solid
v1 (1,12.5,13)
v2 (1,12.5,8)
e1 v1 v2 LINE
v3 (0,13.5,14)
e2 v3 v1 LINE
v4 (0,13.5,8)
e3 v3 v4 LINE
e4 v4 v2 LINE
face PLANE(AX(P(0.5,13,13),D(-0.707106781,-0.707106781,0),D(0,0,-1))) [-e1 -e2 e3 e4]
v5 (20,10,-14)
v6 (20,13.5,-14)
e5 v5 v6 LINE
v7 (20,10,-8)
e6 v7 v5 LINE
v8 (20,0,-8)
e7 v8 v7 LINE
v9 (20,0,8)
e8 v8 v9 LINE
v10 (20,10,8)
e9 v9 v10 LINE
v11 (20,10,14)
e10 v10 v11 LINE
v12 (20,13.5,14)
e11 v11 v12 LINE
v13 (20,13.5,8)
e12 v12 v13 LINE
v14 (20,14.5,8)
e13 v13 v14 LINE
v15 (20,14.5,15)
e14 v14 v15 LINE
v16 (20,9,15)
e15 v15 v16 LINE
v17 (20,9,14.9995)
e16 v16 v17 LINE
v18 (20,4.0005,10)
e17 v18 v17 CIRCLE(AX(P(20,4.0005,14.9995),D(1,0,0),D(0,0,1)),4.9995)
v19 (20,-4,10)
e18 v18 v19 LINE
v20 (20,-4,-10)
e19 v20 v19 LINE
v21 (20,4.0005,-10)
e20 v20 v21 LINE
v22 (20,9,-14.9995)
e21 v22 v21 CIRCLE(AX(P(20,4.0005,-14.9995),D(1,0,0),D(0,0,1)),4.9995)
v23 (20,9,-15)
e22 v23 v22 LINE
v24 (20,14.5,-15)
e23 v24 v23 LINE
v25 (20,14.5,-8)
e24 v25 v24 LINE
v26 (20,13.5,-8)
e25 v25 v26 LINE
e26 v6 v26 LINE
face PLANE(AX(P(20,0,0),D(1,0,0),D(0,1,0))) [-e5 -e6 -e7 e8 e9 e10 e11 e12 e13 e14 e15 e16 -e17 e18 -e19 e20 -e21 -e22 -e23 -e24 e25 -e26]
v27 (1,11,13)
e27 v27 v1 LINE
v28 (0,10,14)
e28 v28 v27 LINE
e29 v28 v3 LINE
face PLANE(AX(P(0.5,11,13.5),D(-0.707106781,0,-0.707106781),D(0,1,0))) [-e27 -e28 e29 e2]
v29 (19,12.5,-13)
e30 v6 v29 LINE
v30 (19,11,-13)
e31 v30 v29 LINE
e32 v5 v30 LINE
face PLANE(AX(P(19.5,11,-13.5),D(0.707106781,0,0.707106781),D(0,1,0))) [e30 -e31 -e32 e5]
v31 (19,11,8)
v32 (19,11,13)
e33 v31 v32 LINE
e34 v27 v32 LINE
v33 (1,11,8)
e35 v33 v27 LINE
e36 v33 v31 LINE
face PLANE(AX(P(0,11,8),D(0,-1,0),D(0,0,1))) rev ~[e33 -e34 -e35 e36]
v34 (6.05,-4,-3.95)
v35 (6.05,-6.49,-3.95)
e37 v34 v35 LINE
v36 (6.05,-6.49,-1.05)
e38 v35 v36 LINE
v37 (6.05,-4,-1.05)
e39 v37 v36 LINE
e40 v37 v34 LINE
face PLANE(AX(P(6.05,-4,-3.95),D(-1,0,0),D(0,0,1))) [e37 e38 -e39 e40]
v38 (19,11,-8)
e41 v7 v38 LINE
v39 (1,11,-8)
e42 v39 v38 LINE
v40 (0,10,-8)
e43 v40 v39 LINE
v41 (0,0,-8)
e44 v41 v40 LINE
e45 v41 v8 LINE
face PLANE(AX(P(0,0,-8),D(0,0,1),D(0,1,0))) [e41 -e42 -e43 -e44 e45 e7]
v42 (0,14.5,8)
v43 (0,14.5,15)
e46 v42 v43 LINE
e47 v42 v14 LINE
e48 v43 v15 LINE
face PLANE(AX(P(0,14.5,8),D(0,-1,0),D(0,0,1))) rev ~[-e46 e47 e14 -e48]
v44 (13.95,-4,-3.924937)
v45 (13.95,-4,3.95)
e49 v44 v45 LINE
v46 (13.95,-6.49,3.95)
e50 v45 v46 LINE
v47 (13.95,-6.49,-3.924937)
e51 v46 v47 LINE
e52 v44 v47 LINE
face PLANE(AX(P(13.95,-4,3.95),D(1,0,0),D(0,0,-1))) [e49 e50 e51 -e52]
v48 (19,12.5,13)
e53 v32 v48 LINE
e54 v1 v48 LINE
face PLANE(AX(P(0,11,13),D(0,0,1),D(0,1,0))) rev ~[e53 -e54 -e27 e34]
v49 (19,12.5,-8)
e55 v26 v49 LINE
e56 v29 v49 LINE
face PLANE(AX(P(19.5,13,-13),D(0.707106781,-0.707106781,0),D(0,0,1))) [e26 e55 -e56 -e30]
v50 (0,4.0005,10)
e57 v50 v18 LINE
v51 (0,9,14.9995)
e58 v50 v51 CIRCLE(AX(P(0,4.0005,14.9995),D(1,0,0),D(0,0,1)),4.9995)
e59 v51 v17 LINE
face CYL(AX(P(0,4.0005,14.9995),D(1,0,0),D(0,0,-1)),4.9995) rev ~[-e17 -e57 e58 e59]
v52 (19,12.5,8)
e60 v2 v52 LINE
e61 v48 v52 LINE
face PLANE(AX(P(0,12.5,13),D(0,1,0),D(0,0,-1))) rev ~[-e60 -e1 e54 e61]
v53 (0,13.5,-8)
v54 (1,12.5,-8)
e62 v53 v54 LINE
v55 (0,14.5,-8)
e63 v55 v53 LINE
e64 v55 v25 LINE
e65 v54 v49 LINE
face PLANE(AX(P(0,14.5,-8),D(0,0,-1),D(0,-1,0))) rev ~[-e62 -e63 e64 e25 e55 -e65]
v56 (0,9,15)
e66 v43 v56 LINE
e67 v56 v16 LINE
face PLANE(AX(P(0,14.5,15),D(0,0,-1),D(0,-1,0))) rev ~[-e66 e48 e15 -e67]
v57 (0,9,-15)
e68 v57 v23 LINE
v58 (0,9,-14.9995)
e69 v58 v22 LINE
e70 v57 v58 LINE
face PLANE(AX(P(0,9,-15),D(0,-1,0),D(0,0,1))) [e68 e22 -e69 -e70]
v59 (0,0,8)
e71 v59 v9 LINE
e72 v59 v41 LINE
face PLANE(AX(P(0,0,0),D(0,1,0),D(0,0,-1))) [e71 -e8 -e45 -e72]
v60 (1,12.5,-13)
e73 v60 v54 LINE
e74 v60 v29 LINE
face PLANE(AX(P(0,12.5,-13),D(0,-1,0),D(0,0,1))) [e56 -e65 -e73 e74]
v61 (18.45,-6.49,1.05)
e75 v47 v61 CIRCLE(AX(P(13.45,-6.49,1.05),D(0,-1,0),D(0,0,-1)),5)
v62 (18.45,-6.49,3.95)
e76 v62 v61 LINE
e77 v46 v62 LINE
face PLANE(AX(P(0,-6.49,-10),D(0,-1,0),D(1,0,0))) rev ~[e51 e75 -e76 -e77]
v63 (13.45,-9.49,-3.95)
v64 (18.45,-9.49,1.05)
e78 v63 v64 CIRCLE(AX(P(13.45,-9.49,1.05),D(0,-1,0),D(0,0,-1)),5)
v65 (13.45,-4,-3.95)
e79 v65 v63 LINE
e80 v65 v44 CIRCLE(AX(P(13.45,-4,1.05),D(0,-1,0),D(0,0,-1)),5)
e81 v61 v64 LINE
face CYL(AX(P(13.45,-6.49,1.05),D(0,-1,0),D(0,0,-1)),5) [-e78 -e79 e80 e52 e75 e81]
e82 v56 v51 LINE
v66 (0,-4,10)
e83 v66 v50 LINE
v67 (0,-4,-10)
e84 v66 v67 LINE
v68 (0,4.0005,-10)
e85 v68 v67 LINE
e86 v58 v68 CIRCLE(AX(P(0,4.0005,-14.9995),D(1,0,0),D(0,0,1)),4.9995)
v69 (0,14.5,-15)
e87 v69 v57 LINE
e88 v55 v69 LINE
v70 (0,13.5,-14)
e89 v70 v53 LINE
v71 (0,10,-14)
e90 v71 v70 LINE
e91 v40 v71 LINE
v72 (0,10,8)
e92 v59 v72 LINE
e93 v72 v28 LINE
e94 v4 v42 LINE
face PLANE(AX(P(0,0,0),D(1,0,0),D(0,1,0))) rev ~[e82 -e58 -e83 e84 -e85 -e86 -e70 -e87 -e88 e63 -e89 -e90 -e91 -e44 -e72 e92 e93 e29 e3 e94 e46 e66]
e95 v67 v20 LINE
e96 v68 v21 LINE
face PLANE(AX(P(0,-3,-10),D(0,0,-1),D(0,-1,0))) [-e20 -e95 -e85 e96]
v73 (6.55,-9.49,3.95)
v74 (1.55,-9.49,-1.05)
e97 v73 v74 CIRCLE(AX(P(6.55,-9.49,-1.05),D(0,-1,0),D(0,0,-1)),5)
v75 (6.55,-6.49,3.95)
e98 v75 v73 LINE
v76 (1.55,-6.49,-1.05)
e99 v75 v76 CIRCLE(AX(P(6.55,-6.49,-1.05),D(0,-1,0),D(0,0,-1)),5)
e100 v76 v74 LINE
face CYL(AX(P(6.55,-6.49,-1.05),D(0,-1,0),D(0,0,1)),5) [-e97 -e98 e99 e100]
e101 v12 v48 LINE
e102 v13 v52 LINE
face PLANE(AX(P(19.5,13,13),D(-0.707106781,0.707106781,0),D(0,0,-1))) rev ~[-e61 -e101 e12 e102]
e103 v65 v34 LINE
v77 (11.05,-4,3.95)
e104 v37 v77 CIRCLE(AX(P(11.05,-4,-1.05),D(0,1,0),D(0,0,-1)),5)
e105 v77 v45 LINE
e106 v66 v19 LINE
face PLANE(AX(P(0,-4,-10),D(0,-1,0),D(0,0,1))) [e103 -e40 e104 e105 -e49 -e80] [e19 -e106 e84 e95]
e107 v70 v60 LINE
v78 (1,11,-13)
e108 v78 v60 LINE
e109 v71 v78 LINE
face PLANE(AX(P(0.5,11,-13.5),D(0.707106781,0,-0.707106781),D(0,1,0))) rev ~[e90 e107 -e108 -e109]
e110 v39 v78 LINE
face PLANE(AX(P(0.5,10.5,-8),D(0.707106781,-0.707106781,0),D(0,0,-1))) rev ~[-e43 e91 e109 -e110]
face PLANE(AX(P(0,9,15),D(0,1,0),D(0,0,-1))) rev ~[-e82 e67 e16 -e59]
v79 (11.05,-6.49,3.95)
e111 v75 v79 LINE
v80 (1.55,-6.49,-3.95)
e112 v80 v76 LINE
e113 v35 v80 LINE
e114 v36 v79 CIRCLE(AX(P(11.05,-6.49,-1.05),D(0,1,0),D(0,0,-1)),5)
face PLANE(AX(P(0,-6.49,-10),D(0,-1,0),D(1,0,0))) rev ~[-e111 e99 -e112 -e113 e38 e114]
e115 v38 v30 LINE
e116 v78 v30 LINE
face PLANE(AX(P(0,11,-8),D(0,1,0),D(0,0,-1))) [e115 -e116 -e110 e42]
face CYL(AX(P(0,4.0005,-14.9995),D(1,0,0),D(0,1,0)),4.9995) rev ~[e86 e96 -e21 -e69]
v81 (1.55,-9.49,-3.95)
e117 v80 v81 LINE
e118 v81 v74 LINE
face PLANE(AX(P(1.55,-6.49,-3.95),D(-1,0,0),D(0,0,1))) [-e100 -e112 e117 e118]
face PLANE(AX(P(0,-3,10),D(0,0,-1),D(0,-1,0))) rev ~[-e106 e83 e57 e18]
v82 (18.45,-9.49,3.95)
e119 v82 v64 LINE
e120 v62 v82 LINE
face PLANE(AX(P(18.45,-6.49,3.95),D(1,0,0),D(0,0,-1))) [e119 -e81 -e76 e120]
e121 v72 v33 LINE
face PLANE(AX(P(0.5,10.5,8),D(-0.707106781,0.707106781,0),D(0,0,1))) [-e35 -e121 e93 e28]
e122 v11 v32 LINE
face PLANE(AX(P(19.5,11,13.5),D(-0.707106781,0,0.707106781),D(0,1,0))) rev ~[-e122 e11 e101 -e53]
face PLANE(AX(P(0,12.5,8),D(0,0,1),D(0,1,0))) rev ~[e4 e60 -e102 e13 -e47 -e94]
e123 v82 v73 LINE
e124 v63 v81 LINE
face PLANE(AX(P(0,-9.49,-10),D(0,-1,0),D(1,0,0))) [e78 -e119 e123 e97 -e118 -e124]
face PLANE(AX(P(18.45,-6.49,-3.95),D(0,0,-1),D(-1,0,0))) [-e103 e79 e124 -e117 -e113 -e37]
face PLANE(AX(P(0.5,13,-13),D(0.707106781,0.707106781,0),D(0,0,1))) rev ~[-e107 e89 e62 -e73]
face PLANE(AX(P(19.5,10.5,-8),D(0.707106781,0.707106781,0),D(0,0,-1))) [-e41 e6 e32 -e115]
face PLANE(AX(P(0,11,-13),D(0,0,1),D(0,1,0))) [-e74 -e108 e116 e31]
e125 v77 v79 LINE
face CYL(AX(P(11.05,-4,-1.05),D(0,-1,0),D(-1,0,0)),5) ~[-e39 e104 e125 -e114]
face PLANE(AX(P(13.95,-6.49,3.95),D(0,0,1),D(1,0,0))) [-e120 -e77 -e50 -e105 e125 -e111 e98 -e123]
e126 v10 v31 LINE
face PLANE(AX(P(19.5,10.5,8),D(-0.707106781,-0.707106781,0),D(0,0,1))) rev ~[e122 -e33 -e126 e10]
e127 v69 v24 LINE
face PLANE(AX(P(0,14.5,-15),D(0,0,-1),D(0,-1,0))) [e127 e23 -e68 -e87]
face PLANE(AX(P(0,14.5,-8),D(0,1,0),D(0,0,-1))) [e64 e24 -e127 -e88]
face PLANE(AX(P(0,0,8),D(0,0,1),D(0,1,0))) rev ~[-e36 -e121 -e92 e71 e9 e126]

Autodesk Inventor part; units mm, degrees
ref_plane "YZ Plane" through (0, 0, 0) normal (1, 0, 0) x (0, 1, 0)
ref_plane "XZ Plane" through (0, 0, 0) normal (0, 1, 0) x (-1, 0, 0)
ref_plane "XY Plane" through (0, 0, 0) normal (0, 0, 1) x (1, 0, 0)
sketch "Sketch1" plane through (0, 0, 0) normal (1, 0, 0) x (0, 1, 0)
  line L0 (0, 8) -> (0, -8)
  line L1 (0, -8) -> (11, -8)
  line L2 (0, 8) -> (11, 8)
  line L3 (11, 8) -> (11, 13)
  line L4 (11, 13) -> (12.5, 13)
  line L5 (12.5, 13) -> (12.5, 8)
  line L6 (12.5, 8) -> (14.5, 8)
  line L7 (14.5, 8) -> (14.5, 15)
  line L8 (14.5, 15) -> (9, 15)
  line L9 (9, 15) -> (9, 10)
  line L10 (9, 10) -> (-3, 10)
  line L11 (-3, 10) -> (-4, 10)
  line L12 (-4, 10) -> (-4, 2.5)
  line L13 (0, 0) -> (3.5, 0)
  line L14 (0, -8) -> (11, -8)
  line L15 (11, -8) -> (11, -13)
  line L16 (11, -13) -> (12.5, -13)
  line L17 (12.5, -13) -> (12.5, -8)
  line L18 (14.5, -8) -> (14.5, -15)
  line L19 (14.5, -15) -> (9, -15)
  line L20 (9, -15) -> (9, -10)
  line L21 (9, -10) -> (-3, -10)
  line L22 (-3, -10) -> (-4, -10)
  line L23 (-4, -10) -> (-4, 2.5)
  line L24 (14.5, -8) -> (12.5, -8)
  point P0 (11.75, -15)
  point P1 (11.75, -13)
  dimension "d0" = 16
  dimension "d1" = 0
  dimension "d2" = 11
  dimension "d3" = 11
  dimension "d4" = 5
  dimension "d5" = 1.5
  dimension "d6" = 2
  dimension "d7" = 7
  dimension "d8" = 5.5
  dimension "d9" = 5
  dimension "d10" = 1
  dimension "d13" = 2
  dimension "d14" = 4
extrude "Extrusion1" add sketch "Sketch1" along normal blind 20
fillet "Fillet1" radius 5 2 edges at (10, 9, -10) (10, 9, 10)
chamfer "Chamfer1" distance 1 angle 45 12 edges at (20, 11, -10.5) (20, 11.75, -13) (20, 12.5, -10.5) (20, 11, 10.5) (20, 11.75, 13) (20, 12.5, 10.5) (0, 11, -10.5) (0, 11.75, -13) (0, 12.5, -10.5) (0, 11, 10.5) (0, 11.75, 13) (0, 12.5, 10.5)
sketch "Sketch3" plane through (0, -4, -10) normal (0, -1, 0) x (1, 0, 0)
  line L0 (13.95, 6.05) -> (6.05, 6.05)
  line L1 (6.05, 6.05) -> (6.05, 13.95)
  line L2 (6.05, 13.95) -> (13.95, 13.95)
  line L3 (13.95, 13.95) -> (13.95, 6.05)
  line L4 (20, 20) -> (20, 0) projected
  line L5 (0, -5) -> (20, -5) projected
  point P0 (0, 10)
  point P1 (20, 10)
  dimension "d28" = 7.9
  dimension "d29" = 7.9
  dimension "d30" = 6.05
  dimension "d31" = 11.05
extrude "Extrusion3" add sketch "Sketch3" along normal blind 2.49
sketch "Sketch4" plane through (0, -6.49, -10) normal (0, -1, 0) x (1, 0, 0)
  line L0 (18.45, 6.05) -> (1.55, 6.05)
  line L1 (1.55, 6.05) -> (1.55, 13.95)
  line L2 (1.55, 13.95) -> (18.45, 13.95)
  line L3 (18.45, 13.95) -> (18.45, 6.05)
  line L4 (6.05, 6.05) -> (13.95, 6.05) projected
  line L5 (13.95, 13.95) -> (6.05, 13.95) projected
  line L6 (20, 20) -> (20, 0) projected
  point P0 (0, 10)
  point P1 (18.45, 10)
  dimension "d34" = 0
  dimension "d35" = 0
  dimension "d36" = 16.9
  dimension "d37" = 1.55
extrude "Extrusion4" add sketch "Sketch4" along normal blind 3
fillet "Fillet2" radius 5 4 edges at (18.45, -7.99, -3.95) (13.95, -5.245, -3.95) (6.05, -5.245, 3.95) (1.55, -7.99, 3.95)
sketch "Sketch2" plane through (0, 0, 8) normal (0, 1, 0) x (1, 0, 0)
  circle A0 centre (10, 7.5) radius 3
  line L0 (20, 16) -> (20, 0) projected
  line L1 (0, -7) -> (20, -7) projected
  line L2 (0, 0) -> (20, 0) projected
  point P0 (0, 8)
  dimension "d19" = 6
  dimension "d20" = 10
  dimension "d27" = 7.5
properties part number "Drziak_4"
